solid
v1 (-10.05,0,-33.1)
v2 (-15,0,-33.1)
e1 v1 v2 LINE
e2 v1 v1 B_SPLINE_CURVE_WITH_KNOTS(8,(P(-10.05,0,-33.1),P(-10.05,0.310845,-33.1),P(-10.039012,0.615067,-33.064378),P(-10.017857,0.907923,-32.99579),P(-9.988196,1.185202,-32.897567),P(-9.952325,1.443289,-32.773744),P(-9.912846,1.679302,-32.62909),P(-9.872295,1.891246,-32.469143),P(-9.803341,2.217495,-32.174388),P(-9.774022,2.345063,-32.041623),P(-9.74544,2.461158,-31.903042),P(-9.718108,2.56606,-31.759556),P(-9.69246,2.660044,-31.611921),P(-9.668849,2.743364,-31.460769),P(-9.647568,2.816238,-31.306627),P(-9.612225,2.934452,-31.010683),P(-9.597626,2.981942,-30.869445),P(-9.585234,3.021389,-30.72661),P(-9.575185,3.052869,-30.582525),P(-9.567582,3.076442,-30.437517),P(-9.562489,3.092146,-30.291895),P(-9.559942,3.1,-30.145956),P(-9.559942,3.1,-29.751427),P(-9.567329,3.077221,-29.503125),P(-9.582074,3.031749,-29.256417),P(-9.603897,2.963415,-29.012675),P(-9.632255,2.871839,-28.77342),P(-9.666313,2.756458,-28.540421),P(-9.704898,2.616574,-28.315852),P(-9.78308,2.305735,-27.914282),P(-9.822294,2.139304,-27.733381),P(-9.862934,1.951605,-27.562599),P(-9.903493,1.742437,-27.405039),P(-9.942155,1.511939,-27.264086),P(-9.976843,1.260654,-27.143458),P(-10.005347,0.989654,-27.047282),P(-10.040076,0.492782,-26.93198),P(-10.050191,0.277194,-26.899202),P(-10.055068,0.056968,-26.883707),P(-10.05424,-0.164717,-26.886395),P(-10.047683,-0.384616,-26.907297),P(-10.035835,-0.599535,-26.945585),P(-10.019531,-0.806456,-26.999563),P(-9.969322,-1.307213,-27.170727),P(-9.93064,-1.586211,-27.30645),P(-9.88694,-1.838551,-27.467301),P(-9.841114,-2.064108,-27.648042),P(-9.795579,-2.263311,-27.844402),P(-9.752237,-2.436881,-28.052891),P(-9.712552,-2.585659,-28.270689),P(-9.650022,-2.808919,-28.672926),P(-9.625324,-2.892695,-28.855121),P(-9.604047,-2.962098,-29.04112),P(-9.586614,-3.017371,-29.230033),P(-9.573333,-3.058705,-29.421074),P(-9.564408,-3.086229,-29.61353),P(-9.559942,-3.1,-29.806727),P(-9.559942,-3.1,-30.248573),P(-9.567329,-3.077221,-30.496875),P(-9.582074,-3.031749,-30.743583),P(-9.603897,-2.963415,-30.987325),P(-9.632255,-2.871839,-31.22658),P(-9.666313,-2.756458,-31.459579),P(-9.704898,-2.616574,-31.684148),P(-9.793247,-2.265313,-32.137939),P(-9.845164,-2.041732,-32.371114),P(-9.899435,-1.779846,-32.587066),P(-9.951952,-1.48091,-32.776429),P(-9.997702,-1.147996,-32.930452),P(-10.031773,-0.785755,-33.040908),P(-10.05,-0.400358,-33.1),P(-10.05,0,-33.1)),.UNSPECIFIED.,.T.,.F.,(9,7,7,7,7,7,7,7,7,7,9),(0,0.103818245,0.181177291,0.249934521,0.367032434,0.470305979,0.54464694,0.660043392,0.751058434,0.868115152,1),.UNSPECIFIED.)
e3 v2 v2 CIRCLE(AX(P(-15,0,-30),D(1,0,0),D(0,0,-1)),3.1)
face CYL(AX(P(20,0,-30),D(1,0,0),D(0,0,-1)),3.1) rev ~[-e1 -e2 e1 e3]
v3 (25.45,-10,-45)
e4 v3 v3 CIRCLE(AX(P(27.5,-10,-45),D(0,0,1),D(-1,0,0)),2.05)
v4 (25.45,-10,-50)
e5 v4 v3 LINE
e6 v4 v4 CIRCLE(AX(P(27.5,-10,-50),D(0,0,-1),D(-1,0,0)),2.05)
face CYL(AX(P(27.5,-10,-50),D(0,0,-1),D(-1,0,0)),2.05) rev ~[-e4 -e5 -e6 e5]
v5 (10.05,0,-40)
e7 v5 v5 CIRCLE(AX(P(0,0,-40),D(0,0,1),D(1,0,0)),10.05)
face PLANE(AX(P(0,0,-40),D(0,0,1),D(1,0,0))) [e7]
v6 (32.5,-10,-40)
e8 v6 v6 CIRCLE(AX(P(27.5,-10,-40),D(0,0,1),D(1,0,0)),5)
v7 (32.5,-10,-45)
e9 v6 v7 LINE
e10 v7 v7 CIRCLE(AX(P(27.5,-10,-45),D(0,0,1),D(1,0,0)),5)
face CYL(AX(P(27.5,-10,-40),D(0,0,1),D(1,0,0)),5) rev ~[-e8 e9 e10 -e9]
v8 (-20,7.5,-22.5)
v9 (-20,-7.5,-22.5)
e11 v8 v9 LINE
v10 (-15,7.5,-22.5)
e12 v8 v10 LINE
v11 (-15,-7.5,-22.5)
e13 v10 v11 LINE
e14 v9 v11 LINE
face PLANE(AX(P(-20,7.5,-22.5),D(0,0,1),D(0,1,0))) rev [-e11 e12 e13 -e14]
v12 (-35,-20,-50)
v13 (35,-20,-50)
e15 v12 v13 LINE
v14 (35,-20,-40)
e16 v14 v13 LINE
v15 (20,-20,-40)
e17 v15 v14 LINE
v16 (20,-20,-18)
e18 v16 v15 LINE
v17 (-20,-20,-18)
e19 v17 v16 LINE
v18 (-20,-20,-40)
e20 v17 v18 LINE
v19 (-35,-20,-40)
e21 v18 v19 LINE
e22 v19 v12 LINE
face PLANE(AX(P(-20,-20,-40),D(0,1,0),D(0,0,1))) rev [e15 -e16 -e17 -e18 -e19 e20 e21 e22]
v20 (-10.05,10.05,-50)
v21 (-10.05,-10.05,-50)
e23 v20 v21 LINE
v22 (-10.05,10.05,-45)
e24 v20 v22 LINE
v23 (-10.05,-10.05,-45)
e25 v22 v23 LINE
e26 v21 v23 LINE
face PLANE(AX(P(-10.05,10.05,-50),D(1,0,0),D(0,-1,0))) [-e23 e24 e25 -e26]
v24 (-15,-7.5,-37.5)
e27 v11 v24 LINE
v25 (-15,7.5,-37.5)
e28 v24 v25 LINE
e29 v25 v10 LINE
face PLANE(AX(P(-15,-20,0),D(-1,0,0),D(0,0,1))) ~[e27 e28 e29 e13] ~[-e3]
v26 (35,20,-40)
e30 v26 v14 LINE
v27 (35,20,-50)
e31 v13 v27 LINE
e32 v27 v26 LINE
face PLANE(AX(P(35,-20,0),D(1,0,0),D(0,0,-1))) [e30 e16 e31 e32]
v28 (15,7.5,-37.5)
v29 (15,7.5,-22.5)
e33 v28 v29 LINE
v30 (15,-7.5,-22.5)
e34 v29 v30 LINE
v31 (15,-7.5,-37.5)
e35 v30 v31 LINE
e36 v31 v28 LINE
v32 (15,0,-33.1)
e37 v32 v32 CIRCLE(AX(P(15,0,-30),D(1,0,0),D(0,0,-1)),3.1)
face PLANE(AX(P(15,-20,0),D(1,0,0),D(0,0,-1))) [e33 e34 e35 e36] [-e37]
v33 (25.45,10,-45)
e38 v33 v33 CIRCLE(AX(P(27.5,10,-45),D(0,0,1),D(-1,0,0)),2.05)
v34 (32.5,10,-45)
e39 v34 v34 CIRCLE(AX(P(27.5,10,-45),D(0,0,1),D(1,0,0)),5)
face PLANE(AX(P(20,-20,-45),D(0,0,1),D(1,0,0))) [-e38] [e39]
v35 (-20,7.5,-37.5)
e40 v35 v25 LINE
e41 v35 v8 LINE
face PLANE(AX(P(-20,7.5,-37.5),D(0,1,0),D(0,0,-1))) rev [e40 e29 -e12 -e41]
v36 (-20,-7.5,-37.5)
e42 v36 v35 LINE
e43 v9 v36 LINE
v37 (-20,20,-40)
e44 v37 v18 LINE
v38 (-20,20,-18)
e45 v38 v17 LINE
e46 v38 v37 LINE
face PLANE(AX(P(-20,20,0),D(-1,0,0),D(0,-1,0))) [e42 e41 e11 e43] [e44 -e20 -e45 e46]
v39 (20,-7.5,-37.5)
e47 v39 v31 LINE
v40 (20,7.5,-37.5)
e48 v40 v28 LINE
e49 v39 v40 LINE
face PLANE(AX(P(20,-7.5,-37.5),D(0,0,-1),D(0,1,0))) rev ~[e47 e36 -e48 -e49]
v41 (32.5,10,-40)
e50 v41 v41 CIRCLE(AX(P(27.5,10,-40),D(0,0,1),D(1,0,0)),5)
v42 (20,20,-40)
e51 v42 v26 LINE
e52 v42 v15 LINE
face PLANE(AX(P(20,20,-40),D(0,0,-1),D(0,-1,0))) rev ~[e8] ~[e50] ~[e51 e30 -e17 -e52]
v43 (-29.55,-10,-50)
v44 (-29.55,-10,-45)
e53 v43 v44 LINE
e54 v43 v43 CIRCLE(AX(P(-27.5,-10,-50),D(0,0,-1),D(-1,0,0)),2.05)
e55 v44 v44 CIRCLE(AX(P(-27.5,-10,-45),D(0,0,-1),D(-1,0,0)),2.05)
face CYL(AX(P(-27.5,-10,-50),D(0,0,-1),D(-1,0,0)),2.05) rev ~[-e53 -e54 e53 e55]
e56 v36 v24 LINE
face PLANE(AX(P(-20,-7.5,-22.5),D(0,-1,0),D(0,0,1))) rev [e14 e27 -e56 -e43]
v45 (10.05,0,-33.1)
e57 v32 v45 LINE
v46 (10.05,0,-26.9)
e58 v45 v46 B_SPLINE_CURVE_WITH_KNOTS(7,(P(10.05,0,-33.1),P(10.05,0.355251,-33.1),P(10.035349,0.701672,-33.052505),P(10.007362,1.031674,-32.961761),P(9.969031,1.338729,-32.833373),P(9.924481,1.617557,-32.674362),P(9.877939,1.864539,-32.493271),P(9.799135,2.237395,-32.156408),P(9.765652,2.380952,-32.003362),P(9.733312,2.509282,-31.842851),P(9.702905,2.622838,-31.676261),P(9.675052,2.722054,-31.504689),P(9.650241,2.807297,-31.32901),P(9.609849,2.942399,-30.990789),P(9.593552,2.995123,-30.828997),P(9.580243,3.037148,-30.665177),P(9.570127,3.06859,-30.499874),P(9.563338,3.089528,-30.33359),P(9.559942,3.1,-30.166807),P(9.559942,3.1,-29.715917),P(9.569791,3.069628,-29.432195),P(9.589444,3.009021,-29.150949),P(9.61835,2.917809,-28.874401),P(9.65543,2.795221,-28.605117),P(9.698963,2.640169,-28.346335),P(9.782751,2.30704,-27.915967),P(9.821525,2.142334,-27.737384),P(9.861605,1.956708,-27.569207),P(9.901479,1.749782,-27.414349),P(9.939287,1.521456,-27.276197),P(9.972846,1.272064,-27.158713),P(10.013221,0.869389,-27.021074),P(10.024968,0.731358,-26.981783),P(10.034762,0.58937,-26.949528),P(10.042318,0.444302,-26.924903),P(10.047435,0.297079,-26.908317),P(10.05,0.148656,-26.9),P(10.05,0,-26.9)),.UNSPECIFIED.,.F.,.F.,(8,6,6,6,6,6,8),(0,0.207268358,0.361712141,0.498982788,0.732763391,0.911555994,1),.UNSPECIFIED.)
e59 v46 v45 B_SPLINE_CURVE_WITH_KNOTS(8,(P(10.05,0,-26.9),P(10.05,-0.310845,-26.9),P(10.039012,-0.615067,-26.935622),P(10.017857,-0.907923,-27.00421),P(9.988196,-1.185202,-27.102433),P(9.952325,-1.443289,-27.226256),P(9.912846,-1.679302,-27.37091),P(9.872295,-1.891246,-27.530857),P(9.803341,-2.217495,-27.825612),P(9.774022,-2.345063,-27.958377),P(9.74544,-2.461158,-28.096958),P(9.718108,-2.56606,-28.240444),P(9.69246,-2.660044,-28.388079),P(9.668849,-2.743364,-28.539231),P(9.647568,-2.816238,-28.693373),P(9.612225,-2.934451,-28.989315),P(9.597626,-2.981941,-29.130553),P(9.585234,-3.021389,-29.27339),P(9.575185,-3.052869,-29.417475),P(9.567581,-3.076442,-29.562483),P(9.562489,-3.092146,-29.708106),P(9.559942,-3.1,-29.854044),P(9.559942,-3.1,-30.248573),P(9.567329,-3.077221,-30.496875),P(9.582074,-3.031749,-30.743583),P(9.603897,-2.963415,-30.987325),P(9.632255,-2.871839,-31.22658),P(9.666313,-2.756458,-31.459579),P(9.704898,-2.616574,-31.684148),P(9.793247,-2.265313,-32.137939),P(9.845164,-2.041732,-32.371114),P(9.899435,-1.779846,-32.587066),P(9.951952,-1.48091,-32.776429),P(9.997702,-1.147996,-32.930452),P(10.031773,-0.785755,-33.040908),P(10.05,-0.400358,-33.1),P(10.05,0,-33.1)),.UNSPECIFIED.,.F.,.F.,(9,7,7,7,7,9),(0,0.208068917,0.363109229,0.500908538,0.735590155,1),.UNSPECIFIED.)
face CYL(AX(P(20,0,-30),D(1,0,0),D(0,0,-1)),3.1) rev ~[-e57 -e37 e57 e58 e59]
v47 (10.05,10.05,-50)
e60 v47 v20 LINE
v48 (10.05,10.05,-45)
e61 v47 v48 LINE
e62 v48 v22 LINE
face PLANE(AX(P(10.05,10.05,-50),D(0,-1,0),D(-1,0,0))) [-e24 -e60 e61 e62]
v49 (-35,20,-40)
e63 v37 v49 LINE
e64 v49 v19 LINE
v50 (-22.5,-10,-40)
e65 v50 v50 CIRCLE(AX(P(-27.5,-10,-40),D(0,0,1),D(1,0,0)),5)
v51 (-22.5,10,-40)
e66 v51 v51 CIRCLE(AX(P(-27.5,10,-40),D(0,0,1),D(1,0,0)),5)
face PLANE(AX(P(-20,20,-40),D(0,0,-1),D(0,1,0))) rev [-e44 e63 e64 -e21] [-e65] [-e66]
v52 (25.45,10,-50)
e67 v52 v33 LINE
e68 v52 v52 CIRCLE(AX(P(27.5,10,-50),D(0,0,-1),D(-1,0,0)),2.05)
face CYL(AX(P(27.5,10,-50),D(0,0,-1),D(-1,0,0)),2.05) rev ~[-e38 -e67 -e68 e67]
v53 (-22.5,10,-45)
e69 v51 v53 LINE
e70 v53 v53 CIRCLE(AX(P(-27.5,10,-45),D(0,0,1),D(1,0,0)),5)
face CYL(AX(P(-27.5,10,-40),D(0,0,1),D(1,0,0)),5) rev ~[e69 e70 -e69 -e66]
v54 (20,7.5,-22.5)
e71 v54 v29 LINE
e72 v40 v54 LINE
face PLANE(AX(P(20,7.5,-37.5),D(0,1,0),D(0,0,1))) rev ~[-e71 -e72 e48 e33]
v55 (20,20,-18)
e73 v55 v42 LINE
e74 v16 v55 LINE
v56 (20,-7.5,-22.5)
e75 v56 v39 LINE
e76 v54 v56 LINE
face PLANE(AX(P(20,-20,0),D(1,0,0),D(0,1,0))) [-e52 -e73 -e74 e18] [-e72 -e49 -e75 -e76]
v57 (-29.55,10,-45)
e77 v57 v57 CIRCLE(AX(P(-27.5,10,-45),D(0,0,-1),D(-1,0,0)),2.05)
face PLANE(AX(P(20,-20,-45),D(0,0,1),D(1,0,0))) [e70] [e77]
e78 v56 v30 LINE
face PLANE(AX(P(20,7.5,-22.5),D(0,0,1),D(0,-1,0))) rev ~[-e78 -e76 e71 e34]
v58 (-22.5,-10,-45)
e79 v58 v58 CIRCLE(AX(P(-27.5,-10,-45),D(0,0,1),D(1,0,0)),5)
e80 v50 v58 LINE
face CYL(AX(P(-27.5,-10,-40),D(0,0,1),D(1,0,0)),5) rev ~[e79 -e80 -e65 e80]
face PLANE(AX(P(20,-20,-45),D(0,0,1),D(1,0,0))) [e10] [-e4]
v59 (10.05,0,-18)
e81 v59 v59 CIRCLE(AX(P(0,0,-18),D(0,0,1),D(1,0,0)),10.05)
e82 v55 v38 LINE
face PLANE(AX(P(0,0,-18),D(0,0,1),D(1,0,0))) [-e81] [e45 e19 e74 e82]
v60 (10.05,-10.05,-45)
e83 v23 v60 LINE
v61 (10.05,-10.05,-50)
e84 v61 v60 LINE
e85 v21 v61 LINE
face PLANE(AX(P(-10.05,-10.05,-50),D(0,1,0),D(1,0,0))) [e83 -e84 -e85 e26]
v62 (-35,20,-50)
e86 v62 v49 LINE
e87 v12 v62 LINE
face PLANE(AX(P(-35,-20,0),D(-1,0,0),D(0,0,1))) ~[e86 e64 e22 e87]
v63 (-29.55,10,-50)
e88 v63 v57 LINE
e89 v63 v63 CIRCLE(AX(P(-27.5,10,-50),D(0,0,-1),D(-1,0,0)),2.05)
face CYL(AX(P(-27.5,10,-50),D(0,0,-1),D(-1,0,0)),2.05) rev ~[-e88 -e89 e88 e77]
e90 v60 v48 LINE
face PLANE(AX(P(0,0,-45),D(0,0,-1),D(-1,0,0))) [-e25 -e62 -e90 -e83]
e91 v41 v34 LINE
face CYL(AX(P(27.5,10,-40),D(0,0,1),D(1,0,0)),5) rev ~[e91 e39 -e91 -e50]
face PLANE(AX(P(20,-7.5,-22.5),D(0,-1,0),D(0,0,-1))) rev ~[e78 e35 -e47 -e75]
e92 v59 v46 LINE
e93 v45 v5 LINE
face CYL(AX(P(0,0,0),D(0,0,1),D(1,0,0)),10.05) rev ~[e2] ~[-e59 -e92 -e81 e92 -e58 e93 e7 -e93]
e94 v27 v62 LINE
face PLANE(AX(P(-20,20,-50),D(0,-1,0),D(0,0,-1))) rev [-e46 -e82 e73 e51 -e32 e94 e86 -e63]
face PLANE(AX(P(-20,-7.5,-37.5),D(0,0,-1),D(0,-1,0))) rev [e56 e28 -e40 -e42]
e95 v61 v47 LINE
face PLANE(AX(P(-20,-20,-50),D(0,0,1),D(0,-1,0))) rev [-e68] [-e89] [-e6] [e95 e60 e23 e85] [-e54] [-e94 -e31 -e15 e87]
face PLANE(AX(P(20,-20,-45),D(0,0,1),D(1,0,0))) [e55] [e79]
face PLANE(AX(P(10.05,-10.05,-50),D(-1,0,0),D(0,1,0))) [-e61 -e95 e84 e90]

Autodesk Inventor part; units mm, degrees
ref_plane "YZ Plane" through (0, 0, 0) normal (1, 0, 0) x (0, 1, 0)
ref_plane "XZ Plane" through (0, 0, 0) normal (0, 1, 0) x (-1, 0, 0)
ref_plane "XY Plane" through (0, 0, 0) normal (0, 0, 1) x (1, 0, 0)
sketch "Sketch5" plane through (0, 0, 0) normal (0, 0, 1) x (1, 0, 0)
  line L0 (-20, -20) -> (20, -20)
  line L1 (20, -20) -> (20, 20)
  line L2 (20, 20) -> (-20, 20)
  line L3 (-20, 20) -> (-20, -20)
  line L4 (-20, -20) -> (20, 20) construction
  line L5 (20, -20) -> (-20, 20) construction
  point P0 (0, 0)
  dimension "d13" = 40
  dimension "d14" = 40
extrude "Extrusion5" add sketch "Sketch5" against normal blind 50
sketch "Sketch6" plane through (0, 0, 0) normal (0, 0, 1) x (1, 0, 0)
  circle A0 centre (0, 0) radius 10.05
  dimension "d17" = 20.1
extrude "Extrusion6" cut sketch "Sketch6" against normal blind 40
sketch "Sketch9" plane through (0, 0, -50) normal (0, 0, -1) x (-1, 0, 0)
  line L0 (-10.05, 10.05) -> (10.05, 10.05)
  line L1 (10.05, 10.05) -> (10.05, -10.05)
  line L2 (10.05, -10.05) -> (-10.05, -10.05)
  line L3 (-10.05, -10.05) -> (-10.05, 10.05)
  line L4 (-10.05, 10.05) -> (10.05, -10.05) construction
  line L5 (10.05, 10.05) -> (-10.05, -10.05) construction
  point P0 (0, 0)
  dimension "d28" = 20.1
  dimension "d29" = 20.1
extrude "Extrusion9" cut sketch "Sketch9" against normal blind 5
sketch "Sketch10" plane through (20, -20, 0) normal (1, 0, 0) x (0, 0, -1)
  line L0 (40, 0) -> (50, 0)
  line L1 (50, 0) -> (50, 40)
  line L2 (50, 40) -> (40, 40)
  line L3 (40, 40) -> (40, 0)
  line L4 (40, 0) -> (50, 40) construction
  line L5 (50, 0) -> (40, 40) construction
  line L6 (50, 40) -> (50, 0) projected
  line L7 (0, 40) -> (50, 40) projected
  line L8 (0, 0) -> (50, 0) projected
  point P0 (0, 20)
  point P1 (45, 20)
  dimension "d32" = 10
extrude "Extrusion10" add sketch "Sketch10" along normal blind 15
mirror "Mirror2" about plane through (0, 0, 0) normal (1, 0, 0) of "Extrusion10"
sketch "Sketch11" plane through (0, 0, -50) normal (0, 0, -1) x (-1, 0, 0)
  circle A0 centre (-27.5, 10) radius 2.05
  line L0 (-35, 20) -> (35, 20) projected
  line L1 (-35, -20) -> (-35, 20) projected
  circle A1 centre (-27.5, -10) radius 2.05
  circle A2 centre (27.5, -10) radius 2.05
  circle A3 centre (27.5, 10) radius 2.05
  line L2 (35, -20) -> (-35, -20) projected
  line L3 (35, -20) -> (35, 20) projected
  point P0 (0, 0)
  dimension "d35" = 4.1
  dimension "d36" = 10
  dimension "d37" = 7.5
  dimension "d38" = 4.1
  dimension "d39" = 4.1
  dimension "d41" = 4.1
  dimension "d42" = 10
  dimension "d43" = 7.5
  dimension "d44" = 7.5
  dimension "d45" = 7.5
  dimension "d46" = 10
  dimension "d47" = 10
extrude "Extrusion11" cut sketch "Sketch11" against normal through all contours A0 | A1 | A2 | A3
sketch "Sketch12" plane through (20, -20, -40) normal (0, 0, 1) x (1, 0, 0)
  circle A0 centre (7.5, 30) radius 2.05 projected
  circle A1 centre (7.5, 10) radius 2.05 projected
  circle A2 centre (-47.5, 10) radius 2.05 projected
  circle A3 centre (-47.5, 30) radius 2.05 projected
  circle A4 centre (7.5, 30) radius 5
  circle A5 centre (7.5, 10) radius 5
  circle A6 centre (-47.5, 30) radius 5
  circle A7 centre (-47.5, 10) radius 5
  point P0 (-20, 20)
  dimension "d50" = 10
  dimension "d51" = 10
  dimension "d52" = 10
  dimension "d53" = 10
extrude "Extrusion12" cut sketch "Sketch12" against normal blind 5
sketch "Sketch13" plane through (20, -20, 0) normal (1, 0, 0) x (0, 0, -1)
  circle A0 centre (30, 20) radius 3.1
  line L0 (40, 40) -> (40, 0) projected
  point P0 (0, 20)
  point P1 (40, 20)
  dimension "d56" = 6.2
  dimension "d57" = 10
extrude "Extrusion13" cut sketch "Sketch13" against normal through all
sketch "Sketch14" plane through (20, -20, 0) normal (1, 0, 0) x (0, 0, -1)
  line L0 (37.5, 27.5) -> (22.5, 27.5)
  line L1 (22.5, 27.5) -> (22.5, 12.5)
  line L2 (22.5, 12.5) -> (37.5, 12.5)
  line L3 (37.5, 12.5) -> (37.5, 27.5)
  line L4 (37.5, 27.5) -> (22.5, 12.5) construction
  line L5 (22.5, 27.5) -> (37.5, 12.5) construction
  line L6 (40, 0) -> (40, 40) projected
  circle A0 centre (30, 20) radius 3.1 projected
  point P0 (0, 20)
  dimension "d60" = 15
  dimension "d61" = 15
extrude "Extrusion14" cut sketch "Sketch14" against normal blind 5 contours L3 L2 L1 L0 | A0
mirror "Mirror3" about plane through (0, 0, 0) normal (1, 0, 0) of "Extrusion14"
sketch "Sketch15" plane through (0, 0, 0) normal (0, 0, 1) x (1, 0, 0)
  line L0 (-20, -20) -> (20, -20)
  line L1 (20, -20) -> (20, 20)
  line L2 (20, 20) -> (-20, 20)
  line L3 (-20, 20) -> (-20, -20)
  line L4 (-20, -20) -> (20, 20) construction
  line L5 (20, -20) -> (-20, 20) construction
  circle A0 centre (0, 0) radius 10.05 projected
  circle A1 centre (0, 0) radius 10.05
  line L6 (20, 20) -> (-20, 20) projected
  line L7 (-20, 20) -> (-20, -20) projected
  line L8 (-20, -20) -> (20, -20) projected
  line L9 (20, -20) -> (20, 20) projected
extrude "Extrusion15" cut sketch "Sketch15" against normal blind 18
properties part number "linear_bracket" material "ABS Plastic"
